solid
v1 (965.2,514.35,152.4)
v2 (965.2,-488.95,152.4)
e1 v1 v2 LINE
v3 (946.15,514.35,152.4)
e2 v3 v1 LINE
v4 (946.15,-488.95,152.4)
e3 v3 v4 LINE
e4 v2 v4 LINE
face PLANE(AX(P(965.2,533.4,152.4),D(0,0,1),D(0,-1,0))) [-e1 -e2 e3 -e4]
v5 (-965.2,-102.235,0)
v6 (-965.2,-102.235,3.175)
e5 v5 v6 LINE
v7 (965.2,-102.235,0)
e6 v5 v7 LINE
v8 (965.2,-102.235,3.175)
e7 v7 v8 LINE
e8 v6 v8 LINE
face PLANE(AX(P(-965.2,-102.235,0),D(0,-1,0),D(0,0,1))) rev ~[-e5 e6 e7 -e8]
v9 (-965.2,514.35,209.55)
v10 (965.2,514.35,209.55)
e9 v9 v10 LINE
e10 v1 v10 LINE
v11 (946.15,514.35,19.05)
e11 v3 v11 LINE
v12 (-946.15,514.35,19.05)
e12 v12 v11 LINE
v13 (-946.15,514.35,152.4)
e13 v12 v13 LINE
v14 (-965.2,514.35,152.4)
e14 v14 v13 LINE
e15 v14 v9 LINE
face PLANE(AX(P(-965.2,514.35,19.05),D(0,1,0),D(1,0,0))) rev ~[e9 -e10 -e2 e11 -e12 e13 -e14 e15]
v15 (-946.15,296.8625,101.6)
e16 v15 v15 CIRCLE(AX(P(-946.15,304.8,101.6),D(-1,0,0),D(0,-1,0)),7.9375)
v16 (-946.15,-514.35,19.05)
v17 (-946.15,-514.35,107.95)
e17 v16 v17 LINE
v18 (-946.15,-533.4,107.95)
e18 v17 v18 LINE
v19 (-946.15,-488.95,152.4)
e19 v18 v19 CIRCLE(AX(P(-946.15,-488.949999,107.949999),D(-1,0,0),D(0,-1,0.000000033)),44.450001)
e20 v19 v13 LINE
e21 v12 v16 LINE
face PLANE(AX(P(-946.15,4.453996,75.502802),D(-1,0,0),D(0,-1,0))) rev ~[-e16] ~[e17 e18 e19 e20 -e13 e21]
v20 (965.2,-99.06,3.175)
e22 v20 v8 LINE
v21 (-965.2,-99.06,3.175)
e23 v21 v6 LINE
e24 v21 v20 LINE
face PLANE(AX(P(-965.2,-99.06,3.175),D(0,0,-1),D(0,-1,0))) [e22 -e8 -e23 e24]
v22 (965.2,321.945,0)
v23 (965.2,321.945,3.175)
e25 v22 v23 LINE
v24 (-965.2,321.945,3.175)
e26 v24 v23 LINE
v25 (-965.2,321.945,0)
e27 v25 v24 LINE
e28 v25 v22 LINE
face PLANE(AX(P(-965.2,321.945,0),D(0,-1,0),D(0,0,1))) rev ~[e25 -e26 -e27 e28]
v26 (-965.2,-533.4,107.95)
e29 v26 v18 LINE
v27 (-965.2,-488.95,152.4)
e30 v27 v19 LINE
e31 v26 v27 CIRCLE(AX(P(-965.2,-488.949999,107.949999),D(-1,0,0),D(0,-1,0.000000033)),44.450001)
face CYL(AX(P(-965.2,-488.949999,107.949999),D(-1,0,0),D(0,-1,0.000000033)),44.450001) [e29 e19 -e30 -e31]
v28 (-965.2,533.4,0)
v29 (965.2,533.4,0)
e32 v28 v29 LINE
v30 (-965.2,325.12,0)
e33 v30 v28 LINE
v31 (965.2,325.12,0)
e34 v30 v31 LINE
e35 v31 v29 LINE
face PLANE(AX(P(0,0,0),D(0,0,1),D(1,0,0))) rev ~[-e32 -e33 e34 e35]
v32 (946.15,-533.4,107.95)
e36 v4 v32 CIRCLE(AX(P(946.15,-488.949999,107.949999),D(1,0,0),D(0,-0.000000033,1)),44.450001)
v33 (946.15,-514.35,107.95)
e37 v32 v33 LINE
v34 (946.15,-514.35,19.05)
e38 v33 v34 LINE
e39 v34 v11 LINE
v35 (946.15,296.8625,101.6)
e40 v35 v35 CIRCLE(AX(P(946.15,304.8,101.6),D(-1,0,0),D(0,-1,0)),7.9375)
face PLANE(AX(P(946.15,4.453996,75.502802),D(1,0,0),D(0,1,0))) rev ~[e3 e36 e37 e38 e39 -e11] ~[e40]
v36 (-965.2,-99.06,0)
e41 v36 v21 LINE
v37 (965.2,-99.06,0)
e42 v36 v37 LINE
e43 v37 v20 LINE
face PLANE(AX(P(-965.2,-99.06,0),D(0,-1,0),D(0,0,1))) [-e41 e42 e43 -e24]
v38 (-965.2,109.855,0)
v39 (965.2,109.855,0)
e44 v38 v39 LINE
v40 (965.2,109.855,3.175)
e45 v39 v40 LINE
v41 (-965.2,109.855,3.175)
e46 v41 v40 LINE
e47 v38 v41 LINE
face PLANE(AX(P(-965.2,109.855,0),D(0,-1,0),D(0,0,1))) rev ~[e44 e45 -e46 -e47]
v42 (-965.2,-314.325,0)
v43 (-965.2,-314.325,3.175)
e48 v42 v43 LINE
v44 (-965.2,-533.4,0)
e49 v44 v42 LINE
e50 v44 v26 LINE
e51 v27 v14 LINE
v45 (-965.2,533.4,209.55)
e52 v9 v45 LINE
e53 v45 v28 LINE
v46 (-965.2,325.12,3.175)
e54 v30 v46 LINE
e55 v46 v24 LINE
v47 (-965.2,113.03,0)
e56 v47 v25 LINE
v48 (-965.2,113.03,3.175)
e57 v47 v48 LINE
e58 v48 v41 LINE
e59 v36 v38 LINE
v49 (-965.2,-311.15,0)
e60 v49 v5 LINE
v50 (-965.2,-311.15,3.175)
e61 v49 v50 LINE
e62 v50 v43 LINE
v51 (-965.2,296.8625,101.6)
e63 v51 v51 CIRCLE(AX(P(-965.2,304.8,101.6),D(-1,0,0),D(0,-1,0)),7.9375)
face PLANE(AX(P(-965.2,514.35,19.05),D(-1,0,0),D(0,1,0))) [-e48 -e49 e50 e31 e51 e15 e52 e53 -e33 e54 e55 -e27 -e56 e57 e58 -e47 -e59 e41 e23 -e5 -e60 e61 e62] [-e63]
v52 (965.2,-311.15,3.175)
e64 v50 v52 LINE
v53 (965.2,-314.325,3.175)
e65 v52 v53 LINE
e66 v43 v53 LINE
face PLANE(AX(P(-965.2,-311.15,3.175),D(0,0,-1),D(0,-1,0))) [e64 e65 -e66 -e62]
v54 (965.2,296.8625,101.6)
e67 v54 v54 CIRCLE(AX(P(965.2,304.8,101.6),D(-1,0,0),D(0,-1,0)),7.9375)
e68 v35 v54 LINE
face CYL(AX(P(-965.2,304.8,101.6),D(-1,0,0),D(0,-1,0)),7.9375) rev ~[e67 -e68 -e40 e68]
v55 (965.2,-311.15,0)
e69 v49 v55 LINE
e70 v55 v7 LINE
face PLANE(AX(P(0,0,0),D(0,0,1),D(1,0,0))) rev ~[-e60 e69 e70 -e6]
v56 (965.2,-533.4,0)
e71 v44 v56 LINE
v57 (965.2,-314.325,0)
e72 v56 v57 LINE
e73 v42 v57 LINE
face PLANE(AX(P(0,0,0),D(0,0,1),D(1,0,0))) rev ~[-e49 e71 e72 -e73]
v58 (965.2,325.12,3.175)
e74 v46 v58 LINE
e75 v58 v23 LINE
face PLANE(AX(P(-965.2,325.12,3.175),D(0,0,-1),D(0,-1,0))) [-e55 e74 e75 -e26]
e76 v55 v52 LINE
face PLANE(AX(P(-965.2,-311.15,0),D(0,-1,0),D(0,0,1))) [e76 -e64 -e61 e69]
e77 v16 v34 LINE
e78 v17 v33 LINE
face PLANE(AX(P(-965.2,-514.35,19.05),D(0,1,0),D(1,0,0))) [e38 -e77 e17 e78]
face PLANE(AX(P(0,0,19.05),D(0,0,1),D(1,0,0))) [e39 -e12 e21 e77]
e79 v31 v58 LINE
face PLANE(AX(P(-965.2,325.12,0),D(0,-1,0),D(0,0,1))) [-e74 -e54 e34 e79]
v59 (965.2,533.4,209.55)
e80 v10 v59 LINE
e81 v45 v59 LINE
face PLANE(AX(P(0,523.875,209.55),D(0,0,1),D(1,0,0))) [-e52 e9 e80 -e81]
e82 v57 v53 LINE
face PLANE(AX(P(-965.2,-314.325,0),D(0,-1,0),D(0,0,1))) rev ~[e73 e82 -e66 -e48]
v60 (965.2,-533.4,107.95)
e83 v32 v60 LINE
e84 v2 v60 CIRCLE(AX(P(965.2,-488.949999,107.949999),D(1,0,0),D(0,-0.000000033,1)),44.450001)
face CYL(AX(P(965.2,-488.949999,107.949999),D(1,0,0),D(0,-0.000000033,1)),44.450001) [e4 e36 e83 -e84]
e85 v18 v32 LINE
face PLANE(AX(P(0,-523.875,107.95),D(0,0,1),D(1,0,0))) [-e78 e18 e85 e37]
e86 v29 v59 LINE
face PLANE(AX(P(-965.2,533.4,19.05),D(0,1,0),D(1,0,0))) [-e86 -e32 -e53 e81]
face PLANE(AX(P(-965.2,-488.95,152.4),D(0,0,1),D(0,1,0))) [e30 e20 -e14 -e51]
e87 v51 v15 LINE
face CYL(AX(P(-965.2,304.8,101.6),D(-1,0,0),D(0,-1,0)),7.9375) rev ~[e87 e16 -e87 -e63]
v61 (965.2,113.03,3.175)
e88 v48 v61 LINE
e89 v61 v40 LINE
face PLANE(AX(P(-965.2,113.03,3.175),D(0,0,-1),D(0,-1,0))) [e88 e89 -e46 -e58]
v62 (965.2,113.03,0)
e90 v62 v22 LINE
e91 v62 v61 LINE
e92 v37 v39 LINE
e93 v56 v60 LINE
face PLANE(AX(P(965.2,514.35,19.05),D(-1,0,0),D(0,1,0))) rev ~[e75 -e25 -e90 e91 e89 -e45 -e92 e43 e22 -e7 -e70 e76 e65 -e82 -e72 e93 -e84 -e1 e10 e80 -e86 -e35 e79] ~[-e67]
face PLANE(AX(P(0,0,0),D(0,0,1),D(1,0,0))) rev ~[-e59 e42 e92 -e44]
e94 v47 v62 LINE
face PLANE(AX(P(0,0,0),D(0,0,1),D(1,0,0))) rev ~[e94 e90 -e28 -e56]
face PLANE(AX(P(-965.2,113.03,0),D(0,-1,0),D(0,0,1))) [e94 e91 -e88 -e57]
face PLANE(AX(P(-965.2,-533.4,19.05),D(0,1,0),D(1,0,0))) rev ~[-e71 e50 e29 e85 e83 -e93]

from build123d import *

# Parameters (mm, degrees)
F0_W      = 1930.4
F0_H      = 1066.8
F1_DEPTH  = 19.05
F2_W      = 1930.4
F2_H      = 19.05
F3_DEPTH  = 88.9
F4_W      = 1930.4
F4_H      = 19.05
F5_DEPTH  = 190.5
F7_DEPTH  = 19.05
F9_DEPTH  = 19.05
F10_R     = 7.9375
F11_DEPTH = 1930.401
F12_W     = 3.175
F12_H     = 3.175
F13_DEPTH = 1930.4


with BuildPart() as f1:
    # F0 (on Top) → F1 (new body)
    with BuildSketch(Plane.XY):
        Rectangle(F0_W, F0_H)
    extrude(amount=F1_DEPTH)

    # F2 (on face) → F3 (join)
    with BuildSketch(Plane.XY.offset(19.05)):
        with Locations((0, -523.875)):
            Rectangle(F2_W, F2_H)
    extrude(amount=F3_DEPTH)

    # F4 (on face) → F5 (join)
    with BuildSketch(Plane.XY.offset(19.05)):
        with Locations((0, 523.875)):
            Rectangle(F4_W, F4_H)
    extrude(amount=F5_DEPTH)

    # F6 (on face) → F7 (join)
    with BuildSketch(Plane(origin=(-965.2, 0, 0), x_dir=(0, -1, 0), z_dir=(-1, 0, 0))):
        with BuildLine():
            Line((-533.4, 0), (533.4, 0))
            Line((533.4, 0), (533.4, 107.95))
            ThreePointArc((533.4, 107.95), (520.380896, 139.380896), (488.95, 152.4))
            Line((488.95, 152.4), (-533.4, 152.4))
            Line((-533.4, 152.4), (-533.4, 0))
        make_face()
    extrude(amount=-F7_DEPTH)

    # F8 (on face) → F9 (join)
    with BuildSketch(Plane.YZ.offset(965.2)):
        with BuildLine():
            Line((-533.4, 107.95), (-533.4, 0))
            Line((-533.4, 0), (533.4, 0))
            Line((533.4, 0), (533.4, 152.4))
            Line((533.4, 152.4), (-488.95, 152.4))
            ThreePointArc((-488.95, 152.4), (-520.380896, 139.380896), (-533.4, 107.95))
        make_face()
    extrude(amount=-F9_DEPTH)

    # F10 (on face) → F11 (cut, through all)
    with BuildSketch(Plane(origin=(-965.2, 0, 0), x_dir=(0, -1, 0), z_dir=(-1, 0, 0))):
        with Locations((-304.8, 101.6)):
            Circle(F10_R)
    extrude(amount=-F11_DEPTH, mode=Mode.SUBTRACT)

    # F12 (on face) → F13 (cut, through all)
    with BuildSketch(Plane(origin=(-965.2, 0, 0), x_dir=(0, -1, 0), z_dir=(-1, 0, 0))):
        with Locations((-323.5325, 1.5875)):
            Rectangle(F12_W, F12_H)
        with Locations((-111.4425, 1.5875)):
            Rectangle(F12_W, F12_H)
        with Locations((100.6475, 1.5875)):
            Rectangle(F12_W, F12_H)
        with Locations((312.7375, 1.5875)):
            Rectangle(F12_W, F12_H)
    extrude(amount=-F13_DEPTH, mode=Mode.SUBTRACT)


solid = f1.part
